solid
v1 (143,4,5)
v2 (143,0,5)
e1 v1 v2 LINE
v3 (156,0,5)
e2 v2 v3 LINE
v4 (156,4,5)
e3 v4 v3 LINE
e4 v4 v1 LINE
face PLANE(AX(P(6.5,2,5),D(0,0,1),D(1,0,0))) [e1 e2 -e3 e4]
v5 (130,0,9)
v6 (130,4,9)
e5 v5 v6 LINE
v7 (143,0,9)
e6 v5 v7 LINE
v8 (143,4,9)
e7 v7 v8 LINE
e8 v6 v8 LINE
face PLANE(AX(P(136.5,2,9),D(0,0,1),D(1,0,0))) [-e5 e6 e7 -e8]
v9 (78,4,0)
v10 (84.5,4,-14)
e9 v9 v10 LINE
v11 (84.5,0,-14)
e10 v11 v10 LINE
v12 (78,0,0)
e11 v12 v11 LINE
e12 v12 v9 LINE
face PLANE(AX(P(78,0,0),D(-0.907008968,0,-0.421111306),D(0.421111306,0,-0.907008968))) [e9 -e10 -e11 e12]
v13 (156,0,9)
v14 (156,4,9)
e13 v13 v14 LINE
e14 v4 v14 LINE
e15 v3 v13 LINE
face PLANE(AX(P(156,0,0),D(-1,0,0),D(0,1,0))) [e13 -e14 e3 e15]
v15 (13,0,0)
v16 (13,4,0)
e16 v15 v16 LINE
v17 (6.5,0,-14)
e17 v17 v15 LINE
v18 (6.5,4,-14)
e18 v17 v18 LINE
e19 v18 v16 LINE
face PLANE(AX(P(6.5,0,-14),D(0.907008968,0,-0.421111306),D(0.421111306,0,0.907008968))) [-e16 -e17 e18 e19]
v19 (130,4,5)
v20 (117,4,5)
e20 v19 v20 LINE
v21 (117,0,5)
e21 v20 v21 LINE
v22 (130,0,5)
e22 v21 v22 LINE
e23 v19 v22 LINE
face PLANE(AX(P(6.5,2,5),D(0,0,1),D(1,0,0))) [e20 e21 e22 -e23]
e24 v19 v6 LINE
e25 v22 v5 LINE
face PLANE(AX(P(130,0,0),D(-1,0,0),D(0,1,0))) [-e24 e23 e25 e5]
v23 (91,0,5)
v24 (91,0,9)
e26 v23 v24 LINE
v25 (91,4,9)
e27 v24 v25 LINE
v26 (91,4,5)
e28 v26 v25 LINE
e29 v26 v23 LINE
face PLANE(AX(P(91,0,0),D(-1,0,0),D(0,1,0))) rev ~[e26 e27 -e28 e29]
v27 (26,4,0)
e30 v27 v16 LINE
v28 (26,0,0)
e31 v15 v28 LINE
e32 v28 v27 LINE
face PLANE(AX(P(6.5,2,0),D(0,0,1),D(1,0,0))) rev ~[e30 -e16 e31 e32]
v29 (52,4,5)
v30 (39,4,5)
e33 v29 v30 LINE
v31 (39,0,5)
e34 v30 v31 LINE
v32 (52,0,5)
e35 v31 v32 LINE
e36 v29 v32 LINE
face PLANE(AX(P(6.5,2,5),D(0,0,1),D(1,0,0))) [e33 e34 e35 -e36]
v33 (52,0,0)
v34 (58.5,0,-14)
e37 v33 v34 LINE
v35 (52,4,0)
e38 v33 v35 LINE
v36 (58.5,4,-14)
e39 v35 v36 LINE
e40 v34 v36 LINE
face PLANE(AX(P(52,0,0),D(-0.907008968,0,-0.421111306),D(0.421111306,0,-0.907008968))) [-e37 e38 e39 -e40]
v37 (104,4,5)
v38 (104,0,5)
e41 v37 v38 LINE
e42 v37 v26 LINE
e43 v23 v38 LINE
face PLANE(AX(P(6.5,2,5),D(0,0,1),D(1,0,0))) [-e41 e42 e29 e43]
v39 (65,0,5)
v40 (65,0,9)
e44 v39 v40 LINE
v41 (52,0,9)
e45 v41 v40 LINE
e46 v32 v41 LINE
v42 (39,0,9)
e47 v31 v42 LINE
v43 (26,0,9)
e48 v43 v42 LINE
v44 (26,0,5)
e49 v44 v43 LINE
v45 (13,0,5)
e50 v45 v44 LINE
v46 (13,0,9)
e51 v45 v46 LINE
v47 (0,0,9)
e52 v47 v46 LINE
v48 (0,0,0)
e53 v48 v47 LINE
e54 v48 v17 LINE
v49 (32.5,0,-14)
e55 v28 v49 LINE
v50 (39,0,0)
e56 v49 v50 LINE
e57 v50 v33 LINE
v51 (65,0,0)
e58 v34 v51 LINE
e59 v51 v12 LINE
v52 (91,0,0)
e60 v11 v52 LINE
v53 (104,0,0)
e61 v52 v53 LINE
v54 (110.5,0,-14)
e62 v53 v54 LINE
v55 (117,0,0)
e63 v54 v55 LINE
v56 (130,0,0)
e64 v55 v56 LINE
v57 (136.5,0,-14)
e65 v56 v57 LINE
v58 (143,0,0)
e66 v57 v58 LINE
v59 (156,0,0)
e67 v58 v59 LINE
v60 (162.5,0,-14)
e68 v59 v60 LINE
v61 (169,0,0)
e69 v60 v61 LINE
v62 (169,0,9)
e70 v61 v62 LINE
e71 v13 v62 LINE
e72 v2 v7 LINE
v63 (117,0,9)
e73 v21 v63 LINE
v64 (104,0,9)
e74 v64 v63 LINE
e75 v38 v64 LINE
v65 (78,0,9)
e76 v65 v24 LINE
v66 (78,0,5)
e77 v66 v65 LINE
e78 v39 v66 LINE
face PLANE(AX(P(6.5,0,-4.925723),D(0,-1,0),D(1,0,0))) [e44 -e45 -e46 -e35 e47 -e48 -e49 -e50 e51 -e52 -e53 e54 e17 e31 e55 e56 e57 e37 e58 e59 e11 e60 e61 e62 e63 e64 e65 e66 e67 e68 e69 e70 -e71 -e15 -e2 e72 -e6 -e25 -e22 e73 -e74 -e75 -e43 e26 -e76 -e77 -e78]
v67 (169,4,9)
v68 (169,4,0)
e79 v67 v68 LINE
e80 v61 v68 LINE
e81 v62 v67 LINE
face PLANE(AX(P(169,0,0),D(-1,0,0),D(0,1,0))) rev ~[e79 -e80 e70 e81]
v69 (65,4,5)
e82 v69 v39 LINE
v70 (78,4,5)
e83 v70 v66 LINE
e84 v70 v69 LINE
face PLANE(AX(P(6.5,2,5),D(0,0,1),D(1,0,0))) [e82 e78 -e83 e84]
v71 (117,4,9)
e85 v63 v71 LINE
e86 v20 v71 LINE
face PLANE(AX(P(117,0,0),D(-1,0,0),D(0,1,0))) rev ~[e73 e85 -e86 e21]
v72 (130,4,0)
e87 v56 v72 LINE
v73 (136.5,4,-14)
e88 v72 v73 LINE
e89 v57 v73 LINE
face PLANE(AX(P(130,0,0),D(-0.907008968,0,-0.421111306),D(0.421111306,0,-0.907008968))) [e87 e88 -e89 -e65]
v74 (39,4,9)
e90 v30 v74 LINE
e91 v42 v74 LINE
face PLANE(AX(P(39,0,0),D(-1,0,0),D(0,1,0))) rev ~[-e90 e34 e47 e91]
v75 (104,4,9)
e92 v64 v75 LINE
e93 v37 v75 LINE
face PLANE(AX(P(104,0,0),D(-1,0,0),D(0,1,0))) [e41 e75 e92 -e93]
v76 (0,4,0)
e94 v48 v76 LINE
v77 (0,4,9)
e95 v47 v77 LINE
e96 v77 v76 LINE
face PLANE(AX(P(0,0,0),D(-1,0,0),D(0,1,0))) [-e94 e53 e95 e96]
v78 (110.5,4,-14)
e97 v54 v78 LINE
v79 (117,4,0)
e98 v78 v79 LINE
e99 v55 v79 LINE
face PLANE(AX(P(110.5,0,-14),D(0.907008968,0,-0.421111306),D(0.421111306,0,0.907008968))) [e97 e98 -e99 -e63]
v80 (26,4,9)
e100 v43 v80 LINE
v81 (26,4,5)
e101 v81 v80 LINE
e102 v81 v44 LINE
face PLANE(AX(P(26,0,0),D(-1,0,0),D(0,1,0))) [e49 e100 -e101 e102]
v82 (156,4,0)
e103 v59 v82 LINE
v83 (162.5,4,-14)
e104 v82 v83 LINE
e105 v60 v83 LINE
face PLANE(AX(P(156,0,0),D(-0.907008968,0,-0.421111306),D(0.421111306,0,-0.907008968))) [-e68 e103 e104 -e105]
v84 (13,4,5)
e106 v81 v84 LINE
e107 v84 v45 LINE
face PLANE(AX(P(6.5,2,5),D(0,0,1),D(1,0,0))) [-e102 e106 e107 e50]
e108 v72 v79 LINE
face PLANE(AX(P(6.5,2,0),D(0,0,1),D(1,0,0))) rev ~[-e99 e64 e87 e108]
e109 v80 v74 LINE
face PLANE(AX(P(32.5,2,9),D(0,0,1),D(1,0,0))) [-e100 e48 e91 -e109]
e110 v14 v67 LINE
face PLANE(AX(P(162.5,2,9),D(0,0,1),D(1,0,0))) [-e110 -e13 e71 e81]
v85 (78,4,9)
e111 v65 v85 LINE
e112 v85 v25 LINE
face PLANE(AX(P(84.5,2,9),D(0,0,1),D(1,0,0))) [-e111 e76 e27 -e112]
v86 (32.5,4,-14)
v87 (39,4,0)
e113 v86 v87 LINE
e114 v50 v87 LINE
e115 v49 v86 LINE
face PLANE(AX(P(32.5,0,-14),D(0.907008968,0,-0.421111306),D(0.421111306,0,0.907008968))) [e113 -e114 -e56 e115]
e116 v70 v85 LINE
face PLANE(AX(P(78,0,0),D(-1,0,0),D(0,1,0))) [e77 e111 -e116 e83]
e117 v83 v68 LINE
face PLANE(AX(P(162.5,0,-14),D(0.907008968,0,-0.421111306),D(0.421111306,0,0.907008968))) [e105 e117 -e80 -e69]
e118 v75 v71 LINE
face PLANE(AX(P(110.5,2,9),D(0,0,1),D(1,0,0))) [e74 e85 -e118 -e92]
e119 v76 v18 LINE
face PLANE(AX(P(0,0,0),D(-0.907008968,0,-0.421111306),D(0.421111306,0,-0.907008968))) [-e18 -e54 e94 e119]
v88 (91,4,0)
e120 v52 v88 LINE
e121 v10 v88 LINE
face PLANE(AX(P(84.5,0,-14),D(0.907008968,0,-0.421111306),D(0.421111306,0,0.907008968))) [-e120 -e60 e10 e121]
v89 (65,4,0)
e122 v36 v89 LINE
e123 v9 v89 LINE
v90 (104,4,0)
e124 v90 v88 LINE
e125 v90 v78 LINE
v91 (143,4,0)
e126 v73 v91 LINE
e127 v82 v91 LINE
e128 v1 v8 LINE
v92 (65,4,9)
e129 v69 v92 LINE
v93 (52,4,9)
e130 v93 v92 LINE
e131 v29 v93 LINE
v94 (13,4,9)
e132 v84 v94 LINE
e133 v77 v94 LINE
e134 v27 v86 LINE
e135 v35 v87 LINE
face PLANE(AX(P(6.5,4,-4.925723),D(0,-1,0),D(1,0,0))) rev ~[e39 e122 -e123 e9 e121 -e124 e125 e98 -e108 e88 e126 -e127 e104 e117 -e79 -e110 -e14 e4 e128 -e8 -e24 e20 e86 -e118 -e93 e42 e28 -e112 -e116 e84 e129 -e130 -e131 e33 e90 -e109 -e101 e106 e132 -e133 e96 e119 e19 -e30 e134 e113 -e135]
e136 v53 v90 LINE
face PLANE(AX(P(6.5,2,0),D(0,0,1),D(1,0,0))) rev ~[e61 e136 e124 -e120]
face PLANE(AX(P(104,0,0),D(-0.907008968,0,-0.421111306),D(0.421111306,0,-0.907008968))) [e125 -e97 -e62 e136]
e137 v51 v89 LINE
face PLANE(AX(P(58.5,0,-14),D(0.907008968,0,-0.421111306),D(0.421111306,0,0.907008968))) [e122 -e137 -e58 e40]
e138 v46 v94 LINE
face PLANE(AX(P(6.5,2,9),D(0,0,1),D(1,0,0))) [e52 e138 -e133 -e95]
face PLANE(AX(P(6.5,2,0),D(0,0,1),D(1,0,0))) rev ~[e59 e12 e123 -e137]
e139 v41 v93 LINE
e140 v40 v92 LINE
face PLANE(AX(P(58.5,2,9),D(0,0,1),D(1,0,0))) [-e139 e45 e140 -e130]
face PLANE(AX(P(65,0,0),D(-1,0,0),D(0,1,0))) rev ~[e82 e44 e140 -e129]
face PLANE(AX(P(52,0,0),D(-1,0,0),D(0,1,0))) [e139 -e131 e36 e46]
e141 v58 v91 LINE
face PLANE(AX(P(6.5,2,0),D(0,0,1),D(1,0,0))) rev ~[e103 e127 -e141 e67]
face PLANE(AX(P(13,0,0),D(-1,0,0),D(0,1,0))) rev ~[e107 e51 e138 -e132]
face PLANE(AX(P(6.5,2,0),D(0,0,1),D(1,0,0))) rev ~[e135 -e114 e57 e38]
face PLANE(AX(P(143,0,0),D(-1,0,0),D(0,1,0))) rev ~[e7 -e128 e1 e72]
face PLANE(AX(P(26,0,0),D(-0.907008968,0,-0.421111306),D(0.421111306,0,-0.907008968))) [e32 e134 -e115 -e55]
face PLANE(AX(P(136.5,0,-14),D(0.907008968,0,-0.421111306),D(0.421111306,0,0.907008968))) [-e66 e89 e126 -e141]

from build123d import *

# Parameters (mm, degrees)
F0_W     = 13
F0_H     = 4
F1_DEPTH = 5
F2_DEPTH = 9
F4_DEPTH = 4


with BuildPart() as f1:
    # F0 (on Top) → F1 (new body)
    with BuildSketch(Plane.XY):
        with Locations((6.5, 2)):
            Rectangle(F0_W, F0_H)
        with Locations((19.5, 2)):
            Rectangle(F0_W, F0_H)
        with Locations((32.5, 2)):
            Rectangle(F0_W, F0_H)
        with Locations((45.5, 2)):
            Rectangle(F0_W, F0_H)
        with Locations((58.5, 2)):
            Rectangle(F0_W, F0_H)
        with Locations((71.5, 2)):
            Rectangle(F0_W, F0_H)
        with Locations((84.5, 2)):
            Rectangle(F0_W, F0_H)
        with Locations((97.5, 2)):
            Rectangle(F0_W, F0_H)
        with Locations((110.5, 2)):
            Rectangle(F0_W, F0_H)
        with Locations((123.5, 2)):
            Rectangle(F0_W, F0_H)
        with Locations((136.5, 2)):
            Rectangle(F0_W, F0_H)
        with Locations((149.5, 2)):
            Rectangle(F0_W, F0_H)
        with Locations((162.5, 2)):
            Rectangle(F0_W, F0_H)
    extrude(amount=F1_DEPTH)

    # F0 (on Top) → F2 (join)
    with BuildSketch(Plane.XY):
        with Locations((6.5, 2)):
            Rectangle(F0_W, F0_H)
        with Locations((32.5, 2)):
            Rectangle(F0_W, F0_H)
        with Locations((58.5, 2)):
            Rectangle(F0_W, F0_H)
        with Locations((84.5, 2)):
            Rectangle(F0_W, F0_H)
        with Locations((110.5, 2)):
            Rectangle(F0_W, F0_H)
        with Locations((136.5, 2)):
            Rectangle(F0_W, F0_H)
        with Locations((162.5, 2)):
            Rectangle(F0_W, F0_H)
    extrude(amount=F2_DEPTH)

    # F3 (on face) → F4 (join)
    with BuildSketch(Plane.XZ):
        Polygon((13, 0), (0, 0), (6.5, -14), align=None)
        Polygon((39, 0), (26, 0), (32.5, -14), align=None)
        Polygon((65, 0), (52, 0), (58.5, -14), align=None)
        Polygon((91, 0), (78, 0), (84.5, -14), align=None)
        Polygon((117, 0), (104, 0), (110.5, -14), align=None)
        Polygon((143, 0), (130, 0), (136.5, -14), align=None)
        Polygon((162.5, 0), (156, 0), (162.5, -14), align=None)
        Polygon((162.5, 0), (162.5, -14), (169, 0), align=None)
    extrude(amount=-F4_DEPTH)


solid = f1.part
